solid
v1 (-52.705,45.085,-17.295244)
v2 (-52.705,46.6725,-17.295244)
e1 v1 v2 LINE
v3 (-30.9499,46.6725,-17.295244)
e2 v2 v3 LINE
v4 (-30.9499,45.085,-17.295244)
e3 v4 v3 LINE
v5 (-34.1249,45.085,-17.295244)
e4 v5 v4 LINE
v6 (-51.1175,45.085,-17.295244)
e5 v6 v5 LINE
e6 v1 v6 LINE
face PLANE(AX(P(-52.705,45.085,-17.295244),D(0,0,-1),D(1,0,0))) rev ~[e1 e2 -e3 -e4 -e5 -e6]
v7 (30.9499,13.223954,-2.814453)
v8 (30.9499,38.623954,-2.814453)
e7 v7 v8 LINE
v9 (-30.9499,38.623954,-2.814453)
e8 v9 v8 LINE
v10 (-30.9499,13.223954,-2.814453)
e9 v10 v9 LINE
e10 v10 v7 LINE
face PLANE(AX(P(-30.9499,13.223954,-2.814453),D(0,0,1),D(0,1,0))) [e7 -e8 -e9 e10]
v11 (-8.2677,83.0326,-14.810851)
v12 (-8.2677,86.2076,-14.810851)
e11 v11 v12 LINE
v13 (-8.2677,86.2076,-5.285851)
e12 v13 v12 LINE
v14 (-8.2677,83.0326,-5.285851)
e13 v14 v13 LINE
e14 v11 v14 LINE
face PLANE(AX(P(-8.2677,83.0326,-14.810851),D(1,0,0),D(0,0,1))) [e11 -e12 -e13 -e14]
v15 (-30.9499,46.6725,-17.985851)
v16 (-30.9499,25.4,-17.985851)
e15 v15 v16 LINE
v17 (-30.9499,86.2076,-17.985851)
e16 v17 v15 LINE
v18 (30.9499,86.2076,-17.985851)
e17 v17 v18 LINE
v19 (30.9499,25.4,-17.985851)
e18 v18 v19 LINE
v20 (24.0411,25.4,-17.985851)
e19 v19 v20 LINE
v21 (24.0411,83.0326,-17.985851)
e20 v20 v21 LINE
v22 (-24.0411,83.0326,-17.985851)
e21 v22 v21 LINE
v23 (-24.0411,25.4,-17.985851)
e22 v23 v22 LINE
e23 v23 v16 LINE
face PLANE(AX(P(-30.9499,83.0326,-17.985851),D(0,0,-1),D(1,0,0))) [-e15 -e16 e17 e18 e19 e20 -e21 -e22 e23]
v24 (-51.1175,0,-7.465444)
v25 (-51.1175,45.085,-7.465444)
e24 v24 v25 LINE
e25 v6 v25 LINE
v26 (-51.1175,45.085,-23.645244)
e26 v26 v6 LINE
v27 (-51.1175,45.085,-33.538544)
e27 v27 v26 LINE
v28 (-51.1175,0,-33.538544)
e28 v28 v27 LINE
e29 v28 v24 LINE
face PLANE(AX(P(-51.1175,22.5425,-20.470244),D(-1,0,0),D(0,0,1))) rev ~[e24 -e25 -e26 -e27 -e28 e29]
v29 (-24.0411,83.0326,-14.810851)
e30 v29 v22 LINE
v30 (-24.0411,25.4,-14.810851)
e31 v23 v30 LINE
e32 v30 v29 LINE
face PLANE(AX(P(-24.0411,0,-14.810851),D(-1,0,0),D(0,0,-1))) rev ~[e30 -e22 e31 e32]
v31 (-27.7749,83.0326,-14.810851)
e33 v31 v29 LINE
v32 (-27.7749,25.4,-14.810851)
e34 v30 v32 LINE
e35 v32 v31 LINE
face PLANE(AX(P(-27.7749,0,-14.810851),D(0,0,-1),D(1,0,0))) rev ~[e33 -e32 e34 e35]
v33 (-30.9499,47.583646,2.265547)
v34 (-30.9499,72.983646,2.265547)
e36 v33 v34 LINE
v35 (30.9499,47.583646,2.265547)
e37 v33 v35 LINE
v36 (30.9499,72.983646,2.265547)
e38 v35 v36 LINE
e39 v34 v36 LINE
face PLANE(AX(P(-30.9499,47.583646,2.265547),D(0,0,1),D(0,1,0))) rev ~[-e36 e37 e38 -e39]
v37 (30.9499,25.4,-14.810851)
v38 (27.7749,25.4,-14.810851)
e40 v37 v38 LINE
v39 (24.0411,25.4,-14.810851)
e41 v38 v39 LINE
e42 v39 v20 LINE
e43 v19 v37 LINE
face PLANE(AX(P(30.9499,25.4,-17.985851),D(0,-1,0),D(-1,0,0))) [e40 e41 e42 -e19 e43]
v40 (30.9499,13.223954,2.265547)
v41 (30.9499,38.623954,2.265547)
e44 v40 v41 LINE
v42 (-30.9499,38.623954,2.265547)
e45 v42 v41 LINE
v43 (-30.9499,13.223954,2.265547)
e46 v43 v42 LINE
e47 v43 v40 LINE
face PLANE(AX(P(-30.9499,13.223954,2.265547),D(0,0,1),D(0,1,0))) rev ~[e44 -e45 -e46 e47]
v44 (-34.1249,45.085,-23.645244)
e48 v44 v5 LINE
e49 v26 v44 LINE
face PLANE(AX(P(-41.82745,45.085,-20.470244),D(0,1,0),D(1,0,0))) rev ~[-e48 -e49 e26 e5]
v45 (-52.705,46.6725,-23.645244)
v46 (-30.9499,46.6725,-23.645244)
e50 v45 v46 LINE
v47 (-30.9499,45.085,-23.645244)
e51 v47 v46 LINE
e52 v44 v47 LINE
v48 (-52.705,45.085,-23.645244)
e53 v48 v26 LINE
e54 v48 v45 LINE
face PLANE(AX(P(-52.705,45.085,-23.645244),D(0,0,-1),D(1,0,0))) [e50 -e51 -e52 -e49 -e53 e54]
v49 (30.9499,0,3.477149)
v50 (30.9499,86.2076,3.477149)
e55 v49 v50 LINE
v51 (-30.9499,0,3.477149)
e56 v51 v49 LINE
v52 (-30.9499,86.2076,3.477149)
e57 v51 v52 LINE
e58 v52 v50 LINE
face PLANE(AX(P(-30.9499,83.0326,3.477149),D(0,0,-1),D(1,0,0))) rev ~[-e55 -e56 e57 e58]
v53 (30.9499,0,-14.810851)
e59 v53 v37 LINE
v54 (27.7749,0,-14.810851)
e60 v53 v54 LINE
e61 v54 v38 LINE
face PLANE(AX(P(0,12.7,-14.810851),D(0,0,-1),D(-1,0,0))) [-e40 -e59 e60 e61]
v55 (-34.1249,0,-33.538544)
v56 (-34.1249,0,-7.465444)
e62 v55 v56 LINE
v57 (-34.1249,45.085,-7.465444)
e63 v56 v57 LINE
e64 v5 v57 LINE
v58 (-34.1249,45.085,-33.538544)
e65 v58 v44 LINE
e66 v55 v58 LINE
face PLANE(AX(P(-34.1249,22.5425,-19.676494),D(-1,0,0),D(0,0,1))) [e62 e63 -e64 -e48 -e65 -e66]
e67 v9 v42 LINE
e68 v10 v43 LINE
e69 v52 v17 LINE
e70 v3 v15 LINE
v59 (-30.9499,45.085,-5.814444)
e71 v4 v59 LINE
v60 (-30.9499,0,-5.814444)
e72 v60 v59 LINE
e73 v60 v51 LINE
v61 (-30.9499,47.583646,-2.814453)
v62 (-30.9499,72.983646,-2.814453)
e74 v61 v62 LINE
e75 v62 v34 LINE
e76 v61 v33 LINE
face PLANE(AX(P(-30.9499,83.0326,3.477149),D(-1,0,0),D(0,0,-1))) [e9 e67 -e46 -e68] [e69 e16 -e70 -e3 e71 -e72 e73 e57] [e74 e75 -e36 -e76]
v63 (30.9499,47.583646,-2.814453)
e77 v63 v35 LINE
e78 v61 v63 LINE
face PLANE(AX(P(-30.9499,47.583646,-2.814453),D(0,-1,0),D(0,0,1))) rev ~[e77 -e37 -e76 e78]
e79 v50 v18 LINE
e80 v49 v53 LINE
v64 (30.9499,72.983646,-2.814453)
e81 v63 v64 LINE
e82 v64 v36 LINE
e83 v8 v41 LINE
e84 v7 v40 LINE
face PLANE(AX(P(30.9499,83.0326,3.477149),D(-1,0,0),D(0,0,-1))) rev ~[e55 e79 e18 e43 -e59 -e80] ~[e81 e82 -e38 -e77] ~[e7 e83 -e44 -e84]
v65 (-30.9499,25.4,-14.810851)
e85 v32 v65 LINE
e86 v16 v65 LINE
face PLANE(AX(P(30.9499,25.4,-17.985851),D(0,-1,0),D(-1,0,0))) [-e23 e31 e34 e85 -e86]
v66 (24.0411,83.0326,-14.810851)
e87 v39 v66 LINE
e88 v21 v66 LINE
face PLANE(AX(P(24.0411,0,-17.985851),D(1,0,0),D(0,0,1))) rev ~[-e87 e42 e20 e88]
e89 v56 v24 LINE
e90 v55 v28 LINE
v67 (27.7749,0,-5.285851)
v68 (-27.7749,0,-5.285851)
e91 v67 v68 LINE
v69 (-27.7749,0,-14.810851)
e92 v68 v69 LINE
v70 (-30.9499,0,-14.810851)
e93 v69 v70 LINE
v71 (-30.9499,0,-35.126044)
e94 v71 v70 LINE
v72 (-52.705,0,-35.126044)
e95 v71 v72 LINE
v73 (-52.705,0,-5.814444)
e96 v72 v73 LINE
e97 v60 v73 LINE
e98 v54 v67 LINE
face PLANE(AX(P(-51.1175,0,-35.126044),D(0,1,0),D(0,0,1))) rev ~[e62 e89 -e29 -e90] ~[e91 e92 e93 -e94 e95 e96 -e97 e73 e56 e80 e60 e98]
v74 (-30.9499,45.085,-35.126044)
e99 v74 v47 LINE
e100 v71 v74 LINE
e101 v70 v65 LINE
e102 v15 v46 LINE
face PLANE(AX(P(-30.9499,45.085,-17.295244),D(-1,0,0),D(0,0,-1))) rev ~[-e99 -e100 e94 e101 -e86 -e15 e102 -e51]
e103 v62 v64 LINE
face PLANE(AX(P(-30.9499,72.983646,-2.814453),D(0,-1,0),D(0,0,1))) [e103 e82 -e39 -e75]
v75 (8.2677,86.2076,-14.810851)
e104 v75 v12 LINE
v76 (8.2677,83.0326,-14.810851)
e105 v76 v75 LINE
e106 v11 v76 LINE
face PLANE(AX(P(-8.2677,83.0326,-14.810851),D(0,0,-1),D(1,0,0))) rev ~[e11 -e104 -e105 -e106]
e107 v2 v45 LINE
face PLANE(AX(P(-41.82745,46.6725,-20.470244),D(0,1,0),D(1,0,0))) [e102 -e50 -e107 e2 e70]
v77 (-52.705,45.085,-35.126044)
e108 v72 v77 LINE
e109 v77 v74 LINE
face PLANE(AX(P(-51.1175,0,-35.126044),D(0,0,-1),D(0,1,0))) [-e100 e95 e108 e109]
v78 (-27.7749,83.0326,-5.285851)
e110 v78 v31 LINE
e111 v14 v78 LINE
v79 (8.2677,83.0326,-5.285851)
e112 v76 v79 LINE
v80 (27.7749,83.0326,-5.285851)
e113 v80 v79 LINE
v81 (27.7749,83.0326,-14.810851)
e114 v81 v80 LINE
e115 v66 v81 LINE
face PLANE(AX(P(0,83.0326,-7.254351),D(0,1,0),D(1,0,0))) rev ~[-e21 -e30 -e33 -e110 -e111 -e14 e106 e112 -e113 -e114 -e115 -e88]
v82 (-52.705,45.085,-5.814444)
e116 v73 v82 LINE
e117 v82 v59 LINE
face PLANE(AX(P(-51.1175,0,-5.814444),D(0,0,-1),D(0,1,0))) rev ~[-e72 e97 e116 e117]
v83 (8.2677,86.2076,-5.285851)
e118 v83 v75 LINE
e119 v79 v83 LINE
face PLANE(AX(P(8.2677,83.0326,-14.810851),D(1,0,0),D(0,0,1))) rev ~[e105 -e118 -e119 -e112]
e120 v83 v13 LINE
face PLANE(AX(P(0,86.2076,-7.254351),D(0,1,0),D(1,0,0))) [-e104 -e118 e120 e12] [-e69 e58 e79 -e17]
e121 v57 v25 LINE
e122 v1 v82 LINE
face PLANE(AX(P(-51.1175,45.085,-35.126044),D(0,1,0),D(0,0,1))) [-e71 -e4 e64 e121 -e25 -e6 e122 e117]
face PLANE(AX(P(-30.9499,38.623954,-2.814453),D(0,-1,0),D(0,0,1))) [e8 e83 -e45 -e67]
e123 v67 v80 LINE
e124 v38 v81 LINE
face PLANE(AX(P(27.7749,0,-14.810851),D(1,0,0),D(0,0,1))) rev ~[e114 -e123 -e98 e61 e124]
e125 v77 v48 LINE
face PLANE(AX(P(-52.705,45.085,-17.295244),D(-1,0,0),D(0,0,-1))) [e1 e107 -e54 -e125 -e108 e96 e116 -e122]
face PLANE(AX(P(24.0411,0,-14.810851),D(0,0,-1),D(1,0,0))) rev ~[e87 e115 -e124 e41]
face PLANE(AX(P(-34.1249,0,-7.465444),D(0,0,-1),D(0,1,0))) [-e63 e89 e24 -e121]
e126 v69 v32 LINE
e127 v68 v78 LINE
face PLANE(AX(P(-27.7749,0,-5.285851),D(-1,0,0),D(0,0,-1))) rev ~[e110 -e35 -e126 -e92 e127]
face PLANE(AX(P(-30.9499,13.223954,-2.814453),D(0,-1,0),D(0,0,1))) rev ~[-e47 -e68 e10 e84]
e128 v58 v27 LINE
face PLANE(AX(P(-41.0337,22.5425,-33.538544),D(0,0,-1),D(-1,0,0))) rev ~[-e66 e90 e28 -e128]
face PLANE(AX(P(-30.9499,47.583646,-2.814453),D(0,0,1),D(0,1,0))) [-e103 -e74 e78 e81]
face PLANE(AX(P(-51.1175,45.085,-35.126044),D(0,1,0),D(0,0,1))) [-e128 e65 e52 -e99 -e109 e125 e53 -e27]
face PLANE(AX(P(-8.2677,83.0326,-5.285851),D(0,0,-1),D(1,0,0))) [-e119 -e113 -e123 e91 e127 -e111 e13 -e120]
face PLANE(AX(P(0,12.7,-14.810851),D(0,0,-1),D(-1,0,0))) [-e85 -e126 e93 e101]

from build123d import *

# Parameters (mm, degrees)
BOSS_EXTRUDE1_DEPTH  = 83.0326
SKETCH6_W            = 61.8998
SKETCH6_H            = 21.463
BOSS_EXTRUDE3_DEPTH  = 3.175
SKETCH7_W            = 16.5354
SKETCH7_H            = 9.525
CUT_EXTRUDE2_DEPTH   = 91.420129415
SKETCH8_W            = 5.08
SKETCH8_H            = 25.4
CUT_EXTRUDE3_DEPTH   = 108.64212172
SKETCH15_W           = 27.7241
SKETCH15_H           = 45.085
BOSS_EXTRUDE5_DEPTH  = 3.175
SKETCH21_W           = 1.651
SKETCH21_H           = 45.085
BOSS_EXTRUDE10_DEPTH = 16.9926
SKETCH22_W           = 20.1676
SKETCH22_H           = 45.085
BOSS_EXTRUDE11_DEPTH = 1.5875
SKETCH23_W           = 29.3116
SKETCH23_H           = 45.085
BOSS_EXTRUDE12_DEPTH = 1.5875
SKETCH24_W           = 21.7551
SKETCH24_H           = 6.35
BOSS_EXTRUDE13_DEPTH = 1.5875
SKETCH25_W           = 61.8998
SKETCH25_H           = 25.4
CUT_EXTRUDE4_DEPTH   = 3.175


with BuildPart() as part:
    # Sketch1 → Boss-Extrude1 (new body)
    with BuildSketch(Plane(origin=(0, 0, 0), x_dir=(1, 0, 0), z_dir=(0, 1, 0))):
        Polygon((-30.9499, -3.477149156), (30.9499, -3.477149156), (30.9499, 17.985850844), (24.0411, 17.985850844), (24.0411, 14.810850844), (27.7749, 14.810850844), (27.7749, 5.285850844), (-27.7749, 5.285850844), (-27.7749, 14.810850844), (-24.0411, 14.810850844), (-24.0411, 17.985850844), (-30.9499, 17.985850844), align=None)
    extrude(amount=BOSS_EXTRUDE1_DEPTH)

    # Sketch6 → Boss-Extrude3 (add)
    with BuildSketch(Plane(origin=(0, 83.0326, 0), x_dir=(1, 0, 0), z_dir=(0, 1, 0))):
        with Locations((0, 7.254350844)):
            Rectangle(SKETCH6_W, SKETCH6_H)
    extrude(amount=BOSS_EXTRUDE3_DEPTH)

    # Sketch7 → Cut-Extrude2 (cut, through all)
    with BuildSketch(Plane.XZ.offset(-83.0326)):
        with Locations((0, -10.048350844)):
            Rectangle(SKETCH7_W, SKETCH7_H)
    extrude(amount=-CUT_EXTRUDE2_DEPTH, mode=Mode.SUBTRACT)

    # Sketch8 → Cut-Extrude3 (cut, through all)
    with BuildSketch(Plane.ZY.offset(30.9499)):
        with Locations((-0.274453158, 60.28364576)):
            Rectangle(SKETCH8_W, SKETCH8_H)
        with Locations((-0.274453158, 25.92395424)):
            Rectangle(SKETCH8_W, SKETCH8_H)
    extrude(amount=-CUT_EXTRUDE3_DEPTH, mode=Mode.SUBTRACT)

    # Sketch15 → Boss-Extrude5 (add)
    with BuildSketch(Plane.ZY.offset(30.9499)):
        with Locations((-19.676493716, 22.5425)):
            Rectangle(SKETCH15_W, SKETCH15_H)
    extrude(amount=BOSS_EXTRUDE5_DEPTH)

    # Sketch21 → Boss-Extrude10 (add)
    with BuildSketch(Plane.ZY.offset(34.1249)):
        with Locations((-6.639943716, 22.5425)):
            Rectangle(SKETCH21_W, SKETCH21_H)
    extrude(amount=BOSS_EXTRUDE10_DEPTH)

    # Sketch22 → Boss-Extrude11 (add)
    with BuildSketch(Plane(origin=(0, 0, -33.538543716), x_dir=(-1, 0, 0), z_dir=(0, 0, -1))):
        with Locations((41.0337, 22.5425)):
            Rectangle(SKETCH22_W, SKETCH22_H)
    extrude(amount=BOSS_EXTRUDE11_DEPTH)

    # Sketch23 → Boss-Extrude12 (add)
    with BuildSketch(Plane.ZY.offset(51.1175)):
        with Locations((-20.470243716, 22.5425)):
            Rectangle(SKETCH23_W, SKETCH23_H)
    extrude(amount=BOSS_EXTRUDE12_DEPTH)

    # Sketch24 → Boss-Extrude13 (add)
    with BuildSketch(Plane(origin=(0, 45.085, 0), x_dir=(1, 0, 0), z_dir=(0, 1, 0))):
        with Locations((-41.82745, 20.470243716)):
            Rectangle(SKETCH24_W, SKETCH24_H)
    extrude(amount=BOSS_EXTRUDE13_DEPTH)

    # Sketch25 → Cut-Extrude4 (cut)
    with BuildSketch(Plane(origin=(0, 0, -17.985850844), x_dir=(-1, 0, 0), z_dir=(0, 0, -1))):
        with Locations((0, 12.7)):
            Rectangle(SKETCH25_W, SKETCH25_H)
    extrude(amount=-CUT_EXTRUDE4_DEPTH, mode=Mode.SUBTRACT)


solid = part.part
